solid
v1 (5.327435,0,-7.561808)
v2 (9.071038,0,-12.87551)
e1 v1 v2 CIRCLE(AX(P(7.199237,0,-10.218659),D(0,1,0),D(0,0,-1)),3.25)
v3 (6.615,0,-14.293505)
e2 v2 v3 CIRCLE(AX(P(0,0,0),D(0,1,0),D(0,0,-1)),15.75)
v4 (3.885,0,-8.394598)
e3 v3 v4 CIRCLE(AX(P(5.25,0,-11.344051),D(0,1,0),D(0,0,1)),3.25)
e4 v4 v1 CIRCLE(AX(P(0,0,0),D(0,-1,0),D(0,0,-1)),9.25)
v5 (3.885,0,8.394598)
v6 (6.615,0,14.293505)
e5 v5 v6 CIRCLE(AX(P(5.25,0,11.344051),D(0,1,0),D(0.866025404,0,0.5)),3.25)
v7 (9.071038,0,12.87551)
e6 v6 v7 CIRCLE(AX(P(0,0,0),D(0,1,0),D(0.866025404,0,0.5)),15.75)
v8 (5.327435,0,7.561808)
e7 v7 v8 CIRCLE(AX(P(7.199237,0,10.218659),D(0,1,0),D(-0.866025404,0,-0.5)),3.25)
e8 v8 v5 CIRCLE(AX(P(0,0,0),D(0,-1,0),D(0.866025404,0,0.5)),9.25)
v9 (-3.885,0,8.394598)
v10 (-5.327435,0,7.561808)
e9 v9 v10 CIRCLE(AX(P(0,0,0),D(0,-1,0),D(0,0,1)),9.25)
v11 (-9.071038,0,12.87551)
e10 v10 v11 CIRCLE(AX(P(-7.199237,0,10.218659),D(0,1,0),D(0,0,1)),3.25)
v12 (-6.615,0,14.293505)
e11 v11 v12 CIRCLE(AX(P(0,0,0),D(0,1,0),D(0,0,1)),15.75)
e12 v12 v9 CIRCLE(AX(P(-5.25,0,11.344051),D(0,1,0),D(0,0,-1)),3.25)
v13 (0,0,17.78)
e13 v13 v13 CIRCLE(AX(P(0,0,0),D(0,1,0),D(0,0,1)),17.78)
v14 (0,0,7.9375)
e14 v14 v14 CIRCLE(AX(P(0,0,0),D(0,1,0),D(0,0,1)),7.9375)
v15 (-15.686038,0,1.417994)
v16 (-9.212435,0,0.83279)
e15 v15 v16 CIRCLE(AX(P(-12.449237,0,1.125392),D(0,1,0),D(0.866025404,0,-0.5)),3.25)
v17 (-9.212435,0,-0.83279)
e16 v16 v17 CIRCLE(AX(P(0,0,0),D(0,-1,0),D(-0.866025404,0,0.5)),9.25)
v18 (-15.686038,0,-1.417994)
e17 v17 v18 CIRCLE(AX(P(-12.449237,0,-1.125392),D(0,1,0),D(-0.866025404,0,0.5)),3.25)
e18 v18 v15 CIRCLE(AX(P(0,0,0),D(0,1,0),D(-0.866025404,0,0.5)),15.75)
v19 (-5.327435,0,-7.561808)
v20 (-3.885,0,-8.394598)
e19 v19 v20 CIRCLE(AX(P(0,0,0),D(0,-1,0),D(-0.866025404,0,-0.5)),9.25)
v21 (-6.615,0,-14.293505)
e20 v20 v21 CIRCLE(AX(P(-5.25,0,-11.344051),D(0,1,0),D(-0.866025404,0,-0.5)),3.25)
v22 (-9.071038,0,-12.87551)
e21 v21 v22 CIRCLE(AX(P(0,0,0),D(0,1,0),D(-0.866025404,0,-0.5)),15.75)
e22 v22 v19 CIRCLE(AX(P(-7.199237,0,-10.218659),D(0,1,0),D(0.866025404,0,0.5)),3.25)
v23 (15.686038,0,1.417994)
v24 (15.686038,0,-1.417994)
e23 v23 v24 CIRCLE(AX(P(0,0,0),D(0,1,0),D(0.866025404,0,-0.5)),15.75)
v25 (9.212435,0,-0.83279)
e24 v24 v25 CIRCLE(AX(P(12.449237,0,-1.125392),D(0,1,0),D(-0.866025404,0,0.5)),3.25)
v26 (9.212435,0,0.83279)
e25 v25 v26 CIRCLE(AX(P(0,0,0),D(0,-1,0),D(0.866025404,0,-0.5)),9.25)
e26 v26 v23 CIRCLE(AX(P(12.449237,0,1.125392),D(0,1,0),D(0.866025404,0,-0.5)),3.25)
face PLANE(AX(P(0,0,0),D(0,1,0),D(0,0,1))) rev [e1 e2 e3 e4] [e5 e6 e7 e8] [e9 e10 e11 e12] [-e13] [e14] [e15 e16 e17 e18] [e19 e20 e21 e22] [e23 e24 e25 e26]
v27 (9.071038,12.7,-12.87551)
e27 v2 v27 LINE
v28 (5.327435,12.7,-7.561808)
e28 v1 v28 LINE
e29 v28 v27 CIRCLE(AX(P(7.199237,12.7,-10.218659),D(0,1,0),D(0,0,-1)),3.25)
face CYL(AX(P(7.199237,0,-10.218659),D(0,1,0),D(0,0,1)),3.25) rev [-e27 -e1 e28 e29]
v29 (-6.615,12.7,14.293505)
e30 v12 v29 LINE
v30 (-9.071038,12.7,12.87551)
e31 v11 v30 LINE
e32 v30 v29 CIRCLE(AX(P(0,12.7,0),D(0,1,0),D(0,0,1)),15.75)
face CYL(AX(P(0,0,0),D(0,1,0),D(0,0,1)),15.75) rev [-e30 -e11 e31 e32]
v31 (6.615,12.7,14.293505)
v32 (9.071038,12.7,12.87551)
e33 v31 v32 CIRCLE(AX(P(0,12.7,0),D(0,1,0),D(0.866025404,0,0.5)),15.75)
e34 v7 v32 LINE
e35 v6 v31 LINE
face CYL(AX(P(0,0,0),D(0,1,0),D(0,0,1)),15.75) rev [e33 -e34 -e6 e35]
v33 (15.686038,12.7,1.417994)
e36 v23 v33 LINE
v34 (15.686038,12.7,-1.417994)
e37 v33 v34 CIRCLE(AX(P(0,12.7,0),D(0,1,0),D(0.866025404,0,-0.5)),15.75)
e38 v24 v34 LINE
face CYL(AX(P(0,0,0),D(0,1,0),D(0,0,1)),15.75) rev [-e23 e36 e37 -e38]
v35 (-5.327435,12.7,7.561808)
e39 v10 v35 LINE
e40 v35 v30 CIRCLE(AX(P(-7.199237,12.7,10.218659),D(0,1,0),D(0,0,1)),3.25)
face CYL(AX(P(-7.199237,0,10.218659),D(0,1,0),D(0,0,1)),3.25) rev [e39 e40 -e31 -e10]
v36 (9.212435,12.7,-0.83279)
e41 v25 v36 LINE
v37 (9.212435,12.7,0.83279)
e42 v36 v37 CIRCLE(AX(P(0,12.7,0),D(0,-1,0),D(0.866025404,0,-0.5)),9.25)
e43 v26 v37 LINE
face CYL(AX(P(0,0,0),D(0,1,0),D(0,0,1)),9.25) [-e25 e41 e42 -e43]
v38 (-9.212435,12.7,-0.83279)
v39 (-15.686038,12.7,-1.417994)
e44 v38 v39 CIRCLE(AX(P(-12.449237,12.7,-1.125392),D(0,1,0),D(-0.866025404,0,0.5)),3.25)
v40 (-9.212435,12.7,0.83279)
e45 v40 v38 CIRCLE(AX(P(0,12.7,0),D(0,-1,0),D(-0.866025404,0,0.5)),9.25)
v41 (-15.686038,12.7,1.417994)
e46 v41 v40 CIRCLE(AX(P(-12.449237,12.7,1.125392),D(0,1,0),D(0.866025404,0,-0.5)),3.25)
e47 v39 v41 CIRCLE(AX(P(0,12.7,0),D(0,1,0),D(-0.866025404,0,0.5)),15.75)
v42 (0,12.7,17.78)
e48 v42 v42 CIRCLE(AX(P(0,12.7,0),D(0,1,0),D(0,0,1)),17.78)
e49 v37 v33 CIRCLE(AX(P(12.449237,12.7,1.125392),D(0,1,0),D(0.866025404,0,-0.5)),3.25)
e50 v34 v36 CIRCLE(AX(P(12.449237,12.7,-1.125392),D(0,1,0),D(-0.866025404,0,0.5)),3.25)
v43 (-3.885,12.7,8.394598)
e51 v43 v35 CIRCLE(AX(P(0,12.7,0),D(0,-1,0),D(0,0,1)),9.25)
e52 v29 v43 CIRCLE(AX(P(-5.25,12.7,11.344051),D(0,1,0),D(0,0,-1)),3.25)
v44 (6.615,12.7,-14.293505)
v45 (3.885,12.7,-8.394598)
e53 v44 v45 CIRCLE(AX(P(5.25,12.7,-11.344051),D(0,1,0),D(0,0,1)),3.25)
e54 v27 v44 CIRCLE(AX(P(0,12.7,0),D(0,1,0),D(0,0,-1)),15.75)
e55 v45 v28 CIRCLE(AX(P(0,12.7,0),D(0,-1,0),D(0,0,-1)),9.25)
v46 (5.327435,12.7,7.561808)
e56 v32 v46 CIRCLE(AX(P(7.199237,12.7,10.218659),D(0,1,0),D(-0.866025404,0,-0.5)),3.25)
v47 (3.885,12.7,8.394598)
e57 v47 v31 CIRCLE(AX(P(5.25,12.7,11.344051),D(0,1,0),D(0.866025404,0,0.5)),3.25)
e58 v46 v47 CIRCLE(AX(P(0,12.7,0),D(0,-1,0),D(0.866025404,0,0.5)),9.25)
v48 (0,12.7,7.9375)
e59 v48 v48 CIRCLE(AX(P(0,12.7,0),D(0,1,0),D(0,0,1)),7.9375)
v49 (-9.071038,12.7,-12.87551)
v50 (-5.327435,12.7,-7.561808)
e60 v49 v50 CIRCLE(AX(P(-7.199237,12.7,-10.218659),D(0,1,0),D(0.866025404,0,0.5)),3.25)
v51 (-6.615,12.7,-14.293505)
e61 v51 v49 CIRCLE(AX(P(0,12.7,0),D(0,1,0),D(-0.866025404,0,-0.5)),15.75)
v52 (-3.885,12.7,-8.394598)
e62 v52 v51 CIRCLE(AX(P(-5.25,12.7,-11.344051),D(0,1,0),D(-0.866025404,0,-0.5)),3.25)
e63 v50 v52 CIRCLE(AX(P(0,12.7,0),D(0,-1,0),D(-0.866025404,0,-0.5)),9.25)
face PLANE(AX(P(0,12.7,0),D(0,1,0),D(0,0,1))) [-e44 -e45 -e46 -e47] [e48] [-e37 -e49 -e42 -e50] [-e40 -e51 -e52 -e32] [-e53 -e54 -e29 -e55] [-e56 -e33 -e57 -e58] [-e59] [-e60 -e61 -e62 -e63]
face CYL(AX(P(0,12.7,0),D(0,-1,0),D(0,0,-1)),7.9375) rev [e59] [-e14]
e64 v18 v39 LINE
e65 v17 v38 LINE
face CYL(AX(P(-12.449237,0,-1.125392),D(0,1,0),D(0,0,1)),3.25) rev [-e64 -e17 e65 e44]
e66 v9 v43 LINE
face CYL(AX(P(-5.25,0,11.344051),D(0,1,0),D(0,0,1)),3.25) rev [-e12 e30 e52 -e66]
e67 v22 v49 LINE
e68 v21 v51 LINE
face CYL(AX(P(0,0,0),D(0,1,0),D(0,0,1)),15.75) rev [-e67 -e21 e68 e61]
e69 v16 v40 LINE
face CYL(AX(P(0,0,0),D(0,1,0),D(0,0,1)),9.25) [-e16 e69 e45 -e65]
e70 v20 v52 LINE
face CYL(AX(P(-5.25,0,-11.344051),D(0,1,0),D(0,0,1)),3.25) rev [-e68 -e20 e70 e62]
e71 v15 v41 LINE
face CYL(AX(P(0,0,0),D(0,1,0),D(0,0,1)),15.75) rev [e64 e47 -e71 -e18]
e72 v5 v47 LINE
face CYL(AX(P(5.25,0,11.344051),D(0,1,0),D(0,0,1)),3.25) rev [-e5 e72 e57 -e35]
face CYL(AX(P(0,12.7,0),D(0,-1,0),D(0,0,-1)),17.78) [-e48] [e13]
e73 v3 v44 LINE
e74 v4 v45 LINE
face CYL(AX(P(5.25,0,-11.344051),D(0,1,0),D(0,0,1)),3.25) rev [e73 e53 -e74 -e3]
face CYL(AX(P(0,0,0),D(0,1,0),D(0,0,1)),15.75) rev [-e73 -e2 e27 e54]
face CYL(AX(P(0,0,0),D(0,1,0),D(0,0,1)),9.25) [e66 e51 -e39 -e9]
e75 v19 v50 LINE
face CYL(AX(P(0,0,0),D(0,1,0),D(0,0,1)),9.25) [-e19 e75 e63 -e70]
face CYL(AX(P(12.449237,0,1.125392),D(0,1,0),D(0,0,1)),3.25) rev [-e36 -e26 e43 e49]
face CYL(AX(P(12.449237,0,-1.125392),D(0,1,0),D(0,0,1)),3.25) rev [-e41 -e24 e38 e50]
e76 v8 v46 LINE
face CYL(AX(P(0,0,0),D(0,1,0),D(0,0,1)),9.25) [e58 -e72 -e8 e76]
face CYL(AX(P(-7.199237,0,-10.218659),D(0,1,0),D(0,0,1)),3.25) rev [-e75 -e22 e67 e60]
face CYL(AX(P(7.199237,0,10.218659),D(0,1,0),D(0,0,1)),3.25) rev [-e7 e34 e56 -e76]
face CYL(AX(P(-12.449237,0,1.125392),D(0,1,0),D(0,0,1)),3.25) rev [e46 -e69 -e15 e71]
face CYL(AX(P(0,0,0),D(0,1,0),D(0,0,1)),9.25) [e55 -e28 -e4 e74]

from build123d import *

# Parameters (mm, degrees)
SKETCH1_R           = 17.78
SKETCH1_R_2         = 7.9375
BOSS_EXTRUDE1_DEPTH = 12.7
CUT_EXTRUDE1_DEPTH  = 29.169962726
CIRPATTERN1_COUNT   = 6


with BuildPart() as part:
    # Sketch1 → Boss-Extrude1 (new body)
    with BuildSketch(Plane(origin=(0, 0, 0), x_dir=(1, 0, 0), z_dir=(0, 1, 0))):
        with Locations(Location((0, 0, 0), (0, 0, 270))):
            Circle(SKETCH1_R)
        with Locations(Location((0, 0, 0), (0, 0, 270))):
            Circle(SKETCH1_R_2, mode=Mode.SUBTRACT)
    extrude(amount=BOSS_EXTRUDE1_DEPTH)

    # Sketch2 → Cut-Extrude1 (cut, through all)
    with BuildSketch(Plane(origin=(0, 12.7, 0), x_dir=(1, 0, 0), z_dir=(0, 1, 0))):
        with BuildLine():
            ThreePointArc((6.615, 14.293504644), (7.875, 13.63990011), (9.071038131, 12.875510368))
            ThreePointArc((9.071038131, 12.875510368), (9.856087957, 8.346857503), (5.327435093, 7.561807676))
            ThreePointArc((5.327435093, 7.561807676), (4.625, 8.010734985), (3.885, 8.394597965))
            ThreePointArc((3.885, 8.394597965), (2.300546661, 12.709051305), (6.615, 14.293504644))
        make_face()
    cut_extrude1 = extrude(amount=-CUT_EXTRUDE1_DEPTH, mode=Mode.SUBTRACT)

    # CirPattern1: Cut-Extrude1 ×6 about axis
    cirpattern1_axis = Axis((0, 0, 0), (0, 1, 0))
    for i in range(1, CIRPATTERN1_COUNT):
        add(cut_extrude1.rotate(cirpattern1_axis, i * 360 / CIRPATTERN1_COUNT), mode=Mode.SUBTRACT)


solid = part.part
